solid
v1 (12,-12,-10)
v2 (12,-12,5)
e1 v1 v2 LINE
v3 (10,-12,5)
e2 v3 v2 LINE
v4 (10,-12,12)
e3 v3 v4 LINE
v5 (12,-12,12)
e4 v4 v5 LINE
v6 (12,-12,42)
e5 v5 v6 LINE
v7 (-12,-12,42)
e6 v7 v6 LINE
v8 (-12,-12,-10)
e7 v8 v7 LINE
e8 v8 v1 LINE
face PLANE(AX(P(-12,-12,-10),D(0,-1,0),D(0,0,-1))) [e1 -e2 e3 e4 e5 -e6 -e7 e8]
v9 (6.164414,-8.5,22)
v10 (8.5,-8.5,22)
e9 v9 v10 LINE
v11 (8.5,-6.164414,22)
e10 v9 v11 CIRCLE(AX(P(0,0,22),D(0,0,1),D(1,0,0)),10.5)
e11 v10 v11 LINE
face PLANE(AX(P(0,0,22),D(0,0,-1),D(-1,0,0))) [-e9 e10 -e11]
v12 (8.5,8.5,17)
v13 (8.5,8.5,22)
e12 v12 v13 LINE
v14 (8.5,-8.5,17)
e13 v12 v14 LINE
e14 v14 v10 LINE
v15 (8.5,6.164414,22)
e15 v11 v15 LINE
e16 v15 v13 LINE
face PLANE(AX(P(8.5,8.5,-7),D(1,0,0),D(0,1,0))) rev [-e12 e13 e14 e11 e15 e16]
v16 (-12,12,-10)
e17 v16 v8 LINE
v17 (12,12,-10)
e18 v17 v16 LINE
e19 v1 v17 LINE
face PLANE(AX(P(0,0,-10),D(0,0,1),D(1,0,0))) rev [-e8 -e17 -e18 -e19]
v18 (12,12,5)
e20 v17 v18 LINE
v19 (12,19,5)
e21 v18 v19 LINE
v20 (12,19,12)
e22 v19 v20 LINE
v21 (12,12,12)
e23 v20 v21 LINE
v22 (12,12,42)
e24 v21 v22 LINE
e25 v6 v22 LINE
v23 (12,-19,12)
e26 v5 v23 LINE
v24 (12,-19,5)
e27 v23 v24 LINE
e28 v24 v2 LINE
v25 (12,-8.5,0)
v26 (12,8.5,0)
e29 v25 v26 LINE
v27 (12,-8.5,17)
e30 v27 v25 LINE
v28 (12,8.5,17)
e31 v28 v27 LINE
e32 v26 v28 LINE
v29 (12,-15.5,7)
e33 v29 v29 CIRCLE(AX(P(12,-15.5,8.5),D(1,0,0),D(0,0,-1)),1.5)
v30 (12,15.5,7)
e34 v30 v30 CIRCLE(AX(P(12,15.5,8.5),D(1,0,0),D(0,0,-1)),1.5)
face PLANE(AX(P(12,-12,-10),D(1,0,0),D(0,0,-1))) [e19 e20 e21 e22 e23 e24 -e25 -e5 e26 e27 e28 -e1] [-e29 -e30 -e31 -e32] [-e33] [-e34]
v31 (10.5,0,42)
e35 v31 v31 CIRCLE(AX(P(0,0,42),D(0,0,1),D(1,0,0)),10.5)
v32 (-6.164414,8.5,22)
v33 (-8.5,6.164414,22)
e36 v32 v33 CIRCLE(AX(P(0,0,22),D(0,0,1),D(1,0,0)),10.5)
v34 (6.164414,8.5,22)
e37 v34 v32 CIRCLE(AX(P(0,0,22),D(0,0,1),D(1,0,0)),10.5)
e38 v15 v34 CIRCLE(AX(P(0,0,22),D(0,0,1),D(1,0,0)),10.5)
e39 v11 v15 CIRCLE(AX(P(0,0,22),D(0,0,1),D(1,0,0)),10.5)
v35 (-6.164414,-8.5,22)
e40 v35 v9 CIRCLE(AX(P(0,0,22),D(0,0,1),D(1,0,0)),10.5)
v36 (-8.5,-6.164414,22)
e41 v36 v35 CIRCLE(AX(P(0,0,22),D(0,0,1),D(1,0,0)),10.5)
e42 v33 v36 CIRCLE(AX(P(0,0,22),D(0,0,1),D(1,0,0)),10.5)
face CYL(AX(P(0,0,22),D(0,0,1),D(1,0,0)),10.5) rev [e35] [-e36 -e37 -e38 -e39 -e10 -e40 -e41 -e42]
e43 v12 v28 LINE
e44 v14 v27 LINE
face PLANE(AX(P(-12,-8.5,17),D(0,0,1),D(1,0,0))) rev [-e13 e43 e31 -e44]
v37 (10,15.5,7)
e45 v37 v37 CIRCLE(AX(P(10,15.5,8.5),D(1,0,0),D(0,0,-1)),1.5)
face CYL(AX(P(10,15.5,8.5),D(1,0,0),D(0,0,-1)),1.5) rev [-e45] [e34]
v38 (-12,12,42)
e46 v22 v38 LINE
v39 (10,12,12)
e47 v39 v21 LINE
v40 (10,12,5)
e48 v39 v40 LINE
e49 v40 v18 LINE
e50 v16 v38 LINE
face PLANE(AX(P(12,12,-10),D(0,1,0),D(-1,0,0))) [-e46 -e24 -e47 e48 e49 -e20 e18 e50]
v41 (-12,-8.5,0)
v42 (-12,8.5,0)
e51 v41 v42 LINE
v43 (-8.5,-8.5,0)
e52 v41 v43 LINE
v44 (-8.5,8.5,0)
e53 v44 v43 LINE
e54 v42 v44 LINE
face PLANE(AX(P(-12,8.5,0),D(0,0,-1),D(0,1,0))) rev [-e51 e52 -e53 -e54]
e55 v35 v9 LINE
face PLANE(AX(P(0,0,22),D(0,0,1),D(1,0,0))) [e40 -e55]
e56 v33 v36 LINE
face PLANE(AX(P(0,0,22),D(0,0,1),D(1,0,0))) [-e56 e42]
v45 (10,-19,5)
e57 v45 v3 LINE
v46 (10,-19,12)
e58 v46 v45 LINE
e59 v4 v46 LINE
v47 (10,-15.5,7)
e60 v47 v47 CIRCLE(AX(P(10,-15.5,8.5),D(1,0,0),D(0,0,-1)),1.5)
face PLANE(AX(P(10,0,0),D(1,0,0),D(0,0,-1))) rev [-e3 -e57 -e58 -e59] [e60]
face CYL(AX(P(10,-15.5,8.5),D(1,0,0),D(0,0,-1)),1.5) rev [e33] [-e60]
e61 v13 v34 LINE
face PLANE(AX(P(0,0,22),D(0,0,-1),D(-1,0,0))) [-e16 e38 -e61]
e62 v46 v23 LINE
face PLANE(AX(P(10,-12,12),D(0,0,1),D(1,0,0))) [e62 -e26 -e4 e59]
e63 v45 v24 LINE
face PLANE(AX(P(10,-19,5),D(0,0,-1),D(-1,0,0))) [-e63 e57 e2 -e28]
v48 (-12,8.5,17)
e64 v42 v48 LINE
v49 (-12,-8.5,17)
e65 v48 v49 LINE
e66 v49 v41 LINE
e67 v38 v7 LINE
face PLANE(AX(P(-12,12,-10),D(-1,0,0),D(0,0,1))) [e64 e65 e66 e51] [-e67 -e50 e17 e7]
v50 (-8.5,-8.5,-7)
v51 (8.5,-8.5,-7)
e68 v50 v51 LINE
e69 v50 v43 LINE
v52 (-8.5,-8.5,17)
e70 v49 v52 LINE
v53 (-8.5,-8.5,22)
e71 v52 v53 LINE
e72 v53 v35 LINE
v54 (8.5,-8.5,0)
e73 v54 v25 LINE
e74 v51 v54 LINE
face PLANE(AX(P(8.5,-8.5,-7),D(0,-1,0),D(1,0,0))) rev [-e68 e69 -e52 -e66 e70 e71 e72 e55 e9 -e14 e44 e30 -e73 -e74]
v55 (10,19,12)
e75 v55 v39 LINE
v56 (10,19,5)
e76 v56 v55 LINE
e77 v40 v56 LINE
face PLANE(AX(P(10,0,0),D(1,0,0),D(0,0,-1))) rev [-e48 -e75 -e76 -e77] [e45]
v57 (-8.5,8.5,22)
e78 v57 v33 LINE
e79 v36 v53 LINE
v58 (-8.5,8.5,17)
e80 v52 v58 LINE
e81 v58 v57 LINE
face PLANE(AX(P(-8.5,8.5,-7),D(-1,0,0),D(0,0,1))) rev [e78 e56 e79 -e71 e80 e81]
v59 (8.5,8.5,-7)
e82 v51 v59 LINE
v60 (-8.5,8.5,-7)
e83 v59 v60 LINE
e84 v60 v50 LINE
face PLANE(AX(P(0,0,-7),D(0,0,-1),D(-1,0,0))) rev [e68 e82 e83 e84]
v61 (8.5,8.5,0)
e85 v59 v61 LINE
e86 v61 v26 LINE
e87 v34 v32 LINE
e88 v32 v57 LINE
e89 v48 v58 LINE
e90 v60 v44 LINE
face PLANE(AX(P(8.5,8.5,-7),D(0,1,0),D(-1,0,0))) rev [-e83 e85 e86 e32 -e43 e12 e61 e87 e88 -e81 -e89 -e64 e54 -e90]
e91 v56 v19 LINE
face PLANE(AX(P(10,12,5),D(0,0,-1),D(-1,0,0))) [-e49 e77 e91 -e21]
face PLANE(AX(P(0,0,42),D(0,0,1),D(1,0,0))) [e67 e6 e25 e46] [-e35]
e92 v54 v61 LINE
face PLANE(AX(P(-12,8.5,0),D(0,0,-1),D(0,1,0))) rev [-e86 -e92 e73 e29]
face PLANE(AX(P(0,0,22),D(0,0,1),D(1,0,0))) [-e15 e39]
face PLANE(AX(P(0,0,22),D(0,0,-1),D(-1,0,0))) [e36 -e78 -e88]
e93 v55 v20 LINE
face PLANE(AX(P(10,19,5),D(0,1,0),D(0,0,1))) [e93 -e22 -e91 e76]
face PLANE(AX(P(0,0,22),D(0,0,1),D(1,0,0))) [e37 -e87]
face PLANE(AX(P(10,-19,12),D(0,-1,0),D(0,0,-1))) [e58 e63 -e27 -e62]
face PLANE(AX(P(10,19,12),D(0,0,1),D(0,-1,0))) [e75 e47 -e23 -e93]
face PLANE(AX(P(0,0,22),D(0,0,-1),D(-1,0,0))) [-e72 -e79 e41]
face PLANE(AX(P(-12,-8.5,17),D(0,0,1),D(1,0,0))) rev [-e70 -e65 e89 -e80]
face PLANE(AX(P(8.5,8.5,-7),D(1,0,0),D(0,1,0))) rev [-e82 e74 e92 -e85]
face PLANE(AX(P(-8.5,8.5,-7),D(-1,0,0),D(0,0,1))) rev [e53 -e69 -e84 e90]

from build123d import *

# Parameters (mm, degrees)
EXTRUDE_1_DEPTH      = 42
EXTRUDE_1_DEPTH_BACK = 10
SKETCH_1_W           = 24
SKETCH_1_H           = 24
SKETCH_3_R           = 10.5
CUT_EXTRUDE_1_DEPTH  = 20
SKETCH_4_W           = 17
SKETCH_4_H           = 17
CUT_EXTRUDE_2_DEPTH  = 29
SKETCH_5_W           = 17
SKETCH_5_H           = 17
CUT_EXTRUDE_5_DEPTH  = 50.839743178
SKETCH_6_W           = 7
SKETCH_6_H           = 7
SKETCH_6_R           = 1.5
EXTRUDE_2_DEPTH      = 2


with BuildPart() as part:
    # Эскиз1 → Бобышка-Вытянуть1 (new, two sides: drawn at the far end of the back side and taken through both)
    with BuildSketch(Plane.XY.offset(-EXTRUDE_1_DEPTH_BACK)):
        Rectangle(SKETCH_1_W, SKETCH_1_H)
    extrude(amount=EXTRUDE_1_DEPTH + EXTRUDE_1_DEPTH_BACK)

    # Эскиз3 → Вырез-Вытянуть1 (cut)
    with BuildSketch(Plane.XY.offset(42)):
        Circle(SKETCH_3_R)
    extrude(amount=-CUT_EXTRUDE_1_DEPTH, mode=Mode.SUBTRACT)

    # Эскиз4 → Вырез-Вытянуть2 (cut)
    with BuildSketch(Plane.XY.offset(22)):
        Rectangle(SKETCH_4_W, SKETCH_4_H)
    extrude(amount=-CUT_EXTRUDE_2_DEPTH, mode=Mode.SUBTRACT)

    # Эскиз5 → Вырез-Вытянуть5 (cut, through all)
    with BuildSketch(Plane(origin=(12, 0, 0), x_dir=(0, 0, -1), z_dir=(1, 0, 0))):
        with Locations((-8.5, 0)):
            Rectangle(SKETCH_5_W, SKETCH_5_H)
    extrude(amount=-CUT_EXTRUDE_5_DEPTH, mode=Mode.SUBTRACT)

    # Эскиз6 → Бобышка-Вытянуть2 (add)
    # profile 1 of 2: a face of its own
    with BuildSketch(Plane(origin=(12, 0, 0), x_dir=(0, 0, -1), z_dir=(1, 0, 0))):
        with Locations((-8.5, 15.5)):
            Rectangle(SKETCH_6_W, SKETCH_6_H)
        with Locations((-8.5, 15.5)):
            Circle(SKETCH_6_R, mode=Mode.SUBTRACT)
    # profile 2 of 2: a face of its own
    with BuildSketch(Plane(origin=(12, 0, 0), x_dir=(0, 0, -1), z_dir=(1, 0, 0))):
        with Locations((-8.5, -15.5)):
            Rectangle(SKETCH_6_W, SKETCH_6_H)
        with Locations((-8.5, -15.5)):
            Circle(SKETCH_6_R, mode=Mode.SUBTRACT)
    extrude(amount=-EXTRUDE_2_DEPTH)


solid = part.part
